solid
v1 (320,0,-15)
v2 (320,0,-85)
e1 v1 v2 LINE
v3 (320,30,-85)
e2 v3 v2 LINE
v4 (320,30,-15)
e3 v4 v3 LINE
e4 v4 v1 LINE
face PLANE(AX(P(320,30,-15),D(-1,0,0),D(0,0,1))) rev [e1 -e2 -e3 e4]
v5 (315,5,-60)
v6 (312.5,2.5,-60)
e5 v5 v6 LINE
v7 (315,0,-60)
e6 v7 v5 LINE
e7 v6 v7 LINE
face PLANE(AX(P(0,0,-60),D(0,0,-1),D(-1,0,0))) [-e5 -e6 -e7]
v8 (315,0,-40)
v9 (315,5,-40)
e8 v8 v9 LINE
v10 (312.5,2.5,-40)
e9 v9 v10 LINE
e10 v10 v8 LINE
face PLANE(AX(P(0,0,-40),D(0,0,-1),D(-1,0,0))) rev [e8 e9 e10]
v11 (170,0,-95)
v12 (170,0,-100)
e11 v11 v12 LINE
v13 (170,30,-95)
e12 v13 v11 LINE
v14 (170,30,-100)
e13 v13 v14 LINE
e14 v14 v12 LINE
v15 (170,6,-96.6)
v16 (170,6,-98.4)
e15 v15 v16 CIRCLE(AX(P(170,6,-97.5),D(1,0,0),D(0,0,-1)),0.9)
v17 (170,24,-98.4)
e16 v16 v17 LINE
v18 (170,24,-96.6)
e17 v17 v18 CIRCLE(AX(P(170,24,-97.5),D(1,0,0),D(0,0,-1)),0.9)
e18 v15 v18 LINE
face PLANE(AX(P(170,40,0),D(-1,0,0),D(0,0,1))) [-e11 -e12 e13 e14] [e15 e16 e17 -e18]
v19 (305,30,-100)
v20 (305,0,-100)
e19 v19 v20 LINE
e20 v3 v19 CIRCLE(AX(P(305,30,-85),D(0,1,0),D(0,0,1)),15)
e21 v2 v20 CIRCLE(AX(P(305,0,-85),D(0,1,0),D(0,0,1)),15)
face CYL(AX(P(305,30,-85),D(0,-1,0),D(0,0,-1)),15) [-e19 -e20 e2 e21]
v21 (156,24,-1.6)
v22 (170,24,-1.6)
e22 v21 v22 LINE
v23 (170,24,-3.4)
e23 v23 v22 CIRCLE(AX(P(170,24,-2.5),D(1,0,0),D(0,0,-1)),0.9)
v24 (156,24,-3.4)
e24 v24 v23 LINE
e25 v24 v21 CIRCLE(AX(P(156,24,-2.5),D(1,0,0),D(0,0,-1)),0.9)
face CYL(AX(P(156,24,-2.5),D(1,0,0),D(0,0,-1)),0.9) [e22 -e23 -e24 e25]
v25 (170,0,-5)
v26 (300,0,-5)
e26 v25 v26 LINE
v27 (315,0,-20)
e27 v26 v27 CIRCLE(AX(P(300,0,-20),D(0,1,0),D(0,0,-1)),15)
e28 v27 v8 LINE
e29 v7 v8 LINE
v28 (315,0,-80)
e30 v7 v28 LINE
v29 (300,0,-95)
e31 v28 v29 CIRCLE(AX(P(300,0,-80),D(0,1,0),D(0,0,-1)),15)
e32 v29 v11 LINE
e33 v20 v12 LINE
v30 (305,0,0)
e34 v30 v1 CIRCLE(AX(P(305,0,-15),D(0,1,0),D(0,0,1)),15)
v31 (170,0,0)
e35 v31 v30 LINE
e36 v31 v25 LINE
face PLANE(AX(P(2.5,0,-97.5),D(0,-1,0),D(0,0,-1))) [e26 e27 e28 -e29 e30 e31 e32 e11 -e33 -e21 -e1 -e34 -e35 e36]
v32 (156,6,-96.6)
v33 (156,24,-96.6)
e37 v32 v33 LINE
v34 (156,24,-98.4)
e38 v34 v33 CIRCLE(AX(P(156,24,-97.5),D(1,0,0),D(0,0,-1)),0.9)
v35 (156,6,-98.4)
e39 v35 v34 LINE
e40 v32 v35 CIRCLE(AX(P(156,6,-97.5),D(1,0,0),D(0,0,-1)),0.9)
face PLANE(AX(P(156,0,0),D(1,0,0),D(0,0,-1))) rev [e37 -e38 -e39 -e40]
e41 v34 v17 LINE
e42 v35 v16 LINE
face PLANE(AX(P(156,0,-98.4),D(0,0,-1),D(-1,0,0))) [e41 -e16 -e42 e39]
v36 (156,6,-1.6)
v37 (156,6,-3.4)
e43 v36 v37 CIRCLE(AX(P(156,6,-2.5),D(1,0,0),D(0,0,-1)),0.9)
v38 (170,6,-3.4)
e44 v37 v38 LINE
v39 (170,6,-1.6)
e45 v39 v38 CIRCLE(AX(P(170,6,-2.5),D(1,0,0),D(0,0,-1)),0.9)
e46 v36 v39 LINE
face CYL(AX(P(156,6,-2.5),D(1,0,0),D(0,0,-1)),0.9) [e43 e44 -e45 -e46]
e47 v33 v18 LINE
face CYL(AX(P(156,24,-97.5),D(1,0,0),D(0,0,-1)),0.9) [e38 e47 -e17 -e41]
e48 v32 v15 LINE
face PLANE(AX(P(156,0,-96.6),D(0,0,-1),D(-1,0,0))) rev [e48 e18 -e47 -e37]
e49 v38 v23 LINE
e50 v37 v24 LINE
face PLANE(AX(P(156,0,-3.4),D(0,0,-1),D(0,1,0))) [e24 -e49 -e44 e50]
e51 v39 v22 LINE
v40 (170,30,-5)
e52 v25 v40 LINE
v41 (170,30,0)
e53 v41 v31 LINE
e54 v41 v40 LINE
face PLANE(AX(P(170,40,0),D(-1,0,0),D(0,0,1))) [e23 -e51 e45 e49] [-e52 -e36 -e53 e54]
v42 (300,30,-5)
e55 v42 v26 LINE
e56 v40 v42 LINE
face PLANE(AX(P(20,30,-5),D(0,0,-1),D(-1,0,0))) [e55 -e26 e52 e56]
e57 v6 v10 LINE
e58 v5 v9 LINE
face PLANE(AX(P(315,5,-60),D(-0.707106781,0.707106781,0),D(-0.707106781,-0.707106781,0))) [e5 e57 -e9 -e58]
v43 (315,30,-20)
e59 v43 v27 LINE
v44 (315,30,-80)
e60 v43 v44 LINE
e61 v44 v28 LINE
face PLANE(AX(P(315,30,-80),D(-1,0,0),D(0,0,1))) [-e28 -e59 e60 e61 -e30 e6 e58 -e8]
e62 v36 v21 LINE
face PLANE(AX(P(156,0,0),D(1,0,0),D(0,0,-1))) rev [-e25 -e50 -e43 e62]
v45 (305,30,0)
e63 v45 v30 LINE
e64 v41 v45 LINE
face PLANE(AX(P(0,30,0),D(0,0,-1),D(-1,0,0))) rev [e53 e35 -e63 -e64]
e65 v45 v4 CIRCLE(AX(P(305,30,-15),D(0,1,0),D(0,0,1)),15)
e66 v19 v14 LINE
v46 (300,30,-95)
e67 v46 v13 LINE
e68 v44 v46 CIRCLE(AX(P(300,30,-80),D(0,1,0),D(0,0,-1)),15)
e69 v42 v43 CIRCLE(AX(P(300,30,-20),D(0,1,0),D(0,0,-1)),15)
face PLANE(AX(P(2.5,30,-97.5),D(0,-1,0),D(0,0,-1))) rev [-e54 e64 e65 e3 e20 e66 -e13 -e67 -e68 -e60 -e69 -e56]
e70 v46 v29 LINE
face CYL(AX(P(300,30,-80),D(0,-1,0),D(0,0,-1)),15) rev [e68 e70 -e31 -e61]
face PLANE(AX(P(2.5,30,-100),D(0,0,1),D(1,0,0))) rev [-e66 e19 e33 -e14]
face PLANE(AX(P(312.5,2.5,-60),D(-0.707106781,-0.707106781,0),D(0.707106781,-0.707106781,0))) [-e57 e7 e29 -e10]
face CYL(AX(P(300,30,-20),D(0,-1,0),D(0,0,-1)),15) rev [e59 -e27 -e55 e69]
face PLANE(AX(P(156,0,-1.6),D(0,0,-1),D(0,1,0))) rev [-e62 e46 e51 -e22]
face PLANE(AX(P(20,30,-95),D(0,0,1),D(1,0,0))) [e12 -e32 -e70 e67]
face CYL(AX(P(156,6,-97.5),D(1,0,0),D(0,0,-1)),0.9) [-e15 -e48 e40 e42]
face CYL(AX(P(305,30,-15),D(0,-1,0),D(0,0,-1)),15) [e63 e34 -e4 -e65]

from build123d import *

# Parameters (mm, degrees)
BOSS_EXTRUDE1_DEPTH      = 30
BOSS_EXTRUDE2_DEPTH      = 10
BOSS_EXTRUDE2_DEPTH_BACK = 10
SKETCH3_W                = 170
SKETCH3_H                = 100
CUT_EXTRUDE1_DEPTH       = 40
BOSS_EXTRUDE3_DEPTH      = 14


with BuildPart() as part:
    # Sketch1 → Boss-Extrude1 (new body)
    with BuildSketch(Plane(origin=(0, 0, 0), x_dir=(1, 0, 0), z_dir=(0, 1, 0))):
        with BuildLine():
            Line((0, 0), (305, 0))
            ThreePointArc((305, 0), (315.606601718, 4.393398282), (320, 15))
            Line((320, 15), (320, 85))
            ThreePointArc((320, 85), (315.606601718, 95.606601718), (305, 100))
            Line((305, 100), (2.5, 100))
            ThreePointArc((2.5, 100), (0.732233047, 99.267766953), (0, 97.5))
            Line((0, 97.5), (0, 0))
        make_face()
        with BuildLine():
            Line((20, 95), (300, 95))
            ThreePointArc((300, 95), (310.606601718, 90.606601718), (315, 80))
            Line((315, 80), (315, 20))
            ThreePointArc((315, 20), (310.606601718, 9.393398282), (300, 5))
            Line((300, 5), (20, 5))
            ThreePointArc((20, 5), (9.393398282, 9.393398282), (5, 20))
            Line((5, 20), (5, 80))
            ThreePointArc((5, 80), (9.393398282, 90.606601718), (20, 95))
        make_face(mode=Mode.SUBTRACT)
    extrude(amount=BOSS_EXTRUDE1_DEPTH)

    # Sketch2 → Boss-Extrude2 (add, two sides: drawn at the far end of the back side and taken through both)
    with BuildSketch(Plane.XY.offset(-50).offset(-BOSS_EXTRUDE2_DEPTH_BACK)):
        Polygon((315, 0), (315, 5), (312.5, 2.5), align=None)
    extrude(amount=BOSS_EXTRUDE2_DEPTH + BOSS_EXTRUDE2_DEPTH_BACK)

    # Sketch3 → Cut-Extrude1 (cut)
    with BuildSketch(Plane(origin=(0, 0, 0), x_dir=(1, 0, 0), z_dir=(0, 1, 0))):
        with Locations((85, 50)):
            Rectangle(SKETCH3_W, SKETCH3_H)
    extrude(amount=CUT_EXTRUDE1_DEPTH, mode=Mode.SUBTRACT)

    # Sketch4 → Boss-Extrude3 (add)
    with BuildSketch(Plane(origin=(170, 0, 0), x_dir=(0, 0, -1), z_dir=(1, 0, 0))):
        with BuildLine():
            ThreePointArc((98.4, 24), (98.136396103, 24.636396103), (97.5, 24.9))
            Line((97.5, 24.9), (97.5, 5.1))
            ThreePointArc((97.5, 5.1), (98.136396103, 5.363603897), (98.4, 6))
            Line((98.4, 6), (98.4, 24))
        make_face()
        with BuildLine():
            Line((97.5, 5.1), (97.5, 24.9))
            ThreePointArc((97.5, 24.9), (96.863603897, 24.636396103), (96.6, 24))
            Line((96.6, 24), (96.6, 6))
            ThreePointArc((96.6, 6), (96.863603897, 5.363603897), (97.5, 5.1))
        make_face()
        with BuildLine():
            ThreePointArc((3.4, 24), (3.136396103, 24.636396103), (2.5, 24.9))
            Line((2.5, 24.9), (2.5, 5.1))
            ThreePointArc((2.5, 5.1), (3.136396103, 5.363603897), (3.4, 6))
            Line((3.4, 6), (3.4, 24))
        make_face()
        with BuildLine():
            Line((2.5, 5.1), (2.5, 24.9))
            ThreePointArc((2.5, 24.9), (1.863603897, 24.636396103), (1.6, 24))
            Line((1.6, 24), (1.6, 6))
            ThreePointArc((1.6, 6), (1.863603897, 5.363603897), (2.5, 5.1))
        make_face()
    extrude(amount=-BOSS_EXTRUDE3_DEPTH)


solid = part.part
